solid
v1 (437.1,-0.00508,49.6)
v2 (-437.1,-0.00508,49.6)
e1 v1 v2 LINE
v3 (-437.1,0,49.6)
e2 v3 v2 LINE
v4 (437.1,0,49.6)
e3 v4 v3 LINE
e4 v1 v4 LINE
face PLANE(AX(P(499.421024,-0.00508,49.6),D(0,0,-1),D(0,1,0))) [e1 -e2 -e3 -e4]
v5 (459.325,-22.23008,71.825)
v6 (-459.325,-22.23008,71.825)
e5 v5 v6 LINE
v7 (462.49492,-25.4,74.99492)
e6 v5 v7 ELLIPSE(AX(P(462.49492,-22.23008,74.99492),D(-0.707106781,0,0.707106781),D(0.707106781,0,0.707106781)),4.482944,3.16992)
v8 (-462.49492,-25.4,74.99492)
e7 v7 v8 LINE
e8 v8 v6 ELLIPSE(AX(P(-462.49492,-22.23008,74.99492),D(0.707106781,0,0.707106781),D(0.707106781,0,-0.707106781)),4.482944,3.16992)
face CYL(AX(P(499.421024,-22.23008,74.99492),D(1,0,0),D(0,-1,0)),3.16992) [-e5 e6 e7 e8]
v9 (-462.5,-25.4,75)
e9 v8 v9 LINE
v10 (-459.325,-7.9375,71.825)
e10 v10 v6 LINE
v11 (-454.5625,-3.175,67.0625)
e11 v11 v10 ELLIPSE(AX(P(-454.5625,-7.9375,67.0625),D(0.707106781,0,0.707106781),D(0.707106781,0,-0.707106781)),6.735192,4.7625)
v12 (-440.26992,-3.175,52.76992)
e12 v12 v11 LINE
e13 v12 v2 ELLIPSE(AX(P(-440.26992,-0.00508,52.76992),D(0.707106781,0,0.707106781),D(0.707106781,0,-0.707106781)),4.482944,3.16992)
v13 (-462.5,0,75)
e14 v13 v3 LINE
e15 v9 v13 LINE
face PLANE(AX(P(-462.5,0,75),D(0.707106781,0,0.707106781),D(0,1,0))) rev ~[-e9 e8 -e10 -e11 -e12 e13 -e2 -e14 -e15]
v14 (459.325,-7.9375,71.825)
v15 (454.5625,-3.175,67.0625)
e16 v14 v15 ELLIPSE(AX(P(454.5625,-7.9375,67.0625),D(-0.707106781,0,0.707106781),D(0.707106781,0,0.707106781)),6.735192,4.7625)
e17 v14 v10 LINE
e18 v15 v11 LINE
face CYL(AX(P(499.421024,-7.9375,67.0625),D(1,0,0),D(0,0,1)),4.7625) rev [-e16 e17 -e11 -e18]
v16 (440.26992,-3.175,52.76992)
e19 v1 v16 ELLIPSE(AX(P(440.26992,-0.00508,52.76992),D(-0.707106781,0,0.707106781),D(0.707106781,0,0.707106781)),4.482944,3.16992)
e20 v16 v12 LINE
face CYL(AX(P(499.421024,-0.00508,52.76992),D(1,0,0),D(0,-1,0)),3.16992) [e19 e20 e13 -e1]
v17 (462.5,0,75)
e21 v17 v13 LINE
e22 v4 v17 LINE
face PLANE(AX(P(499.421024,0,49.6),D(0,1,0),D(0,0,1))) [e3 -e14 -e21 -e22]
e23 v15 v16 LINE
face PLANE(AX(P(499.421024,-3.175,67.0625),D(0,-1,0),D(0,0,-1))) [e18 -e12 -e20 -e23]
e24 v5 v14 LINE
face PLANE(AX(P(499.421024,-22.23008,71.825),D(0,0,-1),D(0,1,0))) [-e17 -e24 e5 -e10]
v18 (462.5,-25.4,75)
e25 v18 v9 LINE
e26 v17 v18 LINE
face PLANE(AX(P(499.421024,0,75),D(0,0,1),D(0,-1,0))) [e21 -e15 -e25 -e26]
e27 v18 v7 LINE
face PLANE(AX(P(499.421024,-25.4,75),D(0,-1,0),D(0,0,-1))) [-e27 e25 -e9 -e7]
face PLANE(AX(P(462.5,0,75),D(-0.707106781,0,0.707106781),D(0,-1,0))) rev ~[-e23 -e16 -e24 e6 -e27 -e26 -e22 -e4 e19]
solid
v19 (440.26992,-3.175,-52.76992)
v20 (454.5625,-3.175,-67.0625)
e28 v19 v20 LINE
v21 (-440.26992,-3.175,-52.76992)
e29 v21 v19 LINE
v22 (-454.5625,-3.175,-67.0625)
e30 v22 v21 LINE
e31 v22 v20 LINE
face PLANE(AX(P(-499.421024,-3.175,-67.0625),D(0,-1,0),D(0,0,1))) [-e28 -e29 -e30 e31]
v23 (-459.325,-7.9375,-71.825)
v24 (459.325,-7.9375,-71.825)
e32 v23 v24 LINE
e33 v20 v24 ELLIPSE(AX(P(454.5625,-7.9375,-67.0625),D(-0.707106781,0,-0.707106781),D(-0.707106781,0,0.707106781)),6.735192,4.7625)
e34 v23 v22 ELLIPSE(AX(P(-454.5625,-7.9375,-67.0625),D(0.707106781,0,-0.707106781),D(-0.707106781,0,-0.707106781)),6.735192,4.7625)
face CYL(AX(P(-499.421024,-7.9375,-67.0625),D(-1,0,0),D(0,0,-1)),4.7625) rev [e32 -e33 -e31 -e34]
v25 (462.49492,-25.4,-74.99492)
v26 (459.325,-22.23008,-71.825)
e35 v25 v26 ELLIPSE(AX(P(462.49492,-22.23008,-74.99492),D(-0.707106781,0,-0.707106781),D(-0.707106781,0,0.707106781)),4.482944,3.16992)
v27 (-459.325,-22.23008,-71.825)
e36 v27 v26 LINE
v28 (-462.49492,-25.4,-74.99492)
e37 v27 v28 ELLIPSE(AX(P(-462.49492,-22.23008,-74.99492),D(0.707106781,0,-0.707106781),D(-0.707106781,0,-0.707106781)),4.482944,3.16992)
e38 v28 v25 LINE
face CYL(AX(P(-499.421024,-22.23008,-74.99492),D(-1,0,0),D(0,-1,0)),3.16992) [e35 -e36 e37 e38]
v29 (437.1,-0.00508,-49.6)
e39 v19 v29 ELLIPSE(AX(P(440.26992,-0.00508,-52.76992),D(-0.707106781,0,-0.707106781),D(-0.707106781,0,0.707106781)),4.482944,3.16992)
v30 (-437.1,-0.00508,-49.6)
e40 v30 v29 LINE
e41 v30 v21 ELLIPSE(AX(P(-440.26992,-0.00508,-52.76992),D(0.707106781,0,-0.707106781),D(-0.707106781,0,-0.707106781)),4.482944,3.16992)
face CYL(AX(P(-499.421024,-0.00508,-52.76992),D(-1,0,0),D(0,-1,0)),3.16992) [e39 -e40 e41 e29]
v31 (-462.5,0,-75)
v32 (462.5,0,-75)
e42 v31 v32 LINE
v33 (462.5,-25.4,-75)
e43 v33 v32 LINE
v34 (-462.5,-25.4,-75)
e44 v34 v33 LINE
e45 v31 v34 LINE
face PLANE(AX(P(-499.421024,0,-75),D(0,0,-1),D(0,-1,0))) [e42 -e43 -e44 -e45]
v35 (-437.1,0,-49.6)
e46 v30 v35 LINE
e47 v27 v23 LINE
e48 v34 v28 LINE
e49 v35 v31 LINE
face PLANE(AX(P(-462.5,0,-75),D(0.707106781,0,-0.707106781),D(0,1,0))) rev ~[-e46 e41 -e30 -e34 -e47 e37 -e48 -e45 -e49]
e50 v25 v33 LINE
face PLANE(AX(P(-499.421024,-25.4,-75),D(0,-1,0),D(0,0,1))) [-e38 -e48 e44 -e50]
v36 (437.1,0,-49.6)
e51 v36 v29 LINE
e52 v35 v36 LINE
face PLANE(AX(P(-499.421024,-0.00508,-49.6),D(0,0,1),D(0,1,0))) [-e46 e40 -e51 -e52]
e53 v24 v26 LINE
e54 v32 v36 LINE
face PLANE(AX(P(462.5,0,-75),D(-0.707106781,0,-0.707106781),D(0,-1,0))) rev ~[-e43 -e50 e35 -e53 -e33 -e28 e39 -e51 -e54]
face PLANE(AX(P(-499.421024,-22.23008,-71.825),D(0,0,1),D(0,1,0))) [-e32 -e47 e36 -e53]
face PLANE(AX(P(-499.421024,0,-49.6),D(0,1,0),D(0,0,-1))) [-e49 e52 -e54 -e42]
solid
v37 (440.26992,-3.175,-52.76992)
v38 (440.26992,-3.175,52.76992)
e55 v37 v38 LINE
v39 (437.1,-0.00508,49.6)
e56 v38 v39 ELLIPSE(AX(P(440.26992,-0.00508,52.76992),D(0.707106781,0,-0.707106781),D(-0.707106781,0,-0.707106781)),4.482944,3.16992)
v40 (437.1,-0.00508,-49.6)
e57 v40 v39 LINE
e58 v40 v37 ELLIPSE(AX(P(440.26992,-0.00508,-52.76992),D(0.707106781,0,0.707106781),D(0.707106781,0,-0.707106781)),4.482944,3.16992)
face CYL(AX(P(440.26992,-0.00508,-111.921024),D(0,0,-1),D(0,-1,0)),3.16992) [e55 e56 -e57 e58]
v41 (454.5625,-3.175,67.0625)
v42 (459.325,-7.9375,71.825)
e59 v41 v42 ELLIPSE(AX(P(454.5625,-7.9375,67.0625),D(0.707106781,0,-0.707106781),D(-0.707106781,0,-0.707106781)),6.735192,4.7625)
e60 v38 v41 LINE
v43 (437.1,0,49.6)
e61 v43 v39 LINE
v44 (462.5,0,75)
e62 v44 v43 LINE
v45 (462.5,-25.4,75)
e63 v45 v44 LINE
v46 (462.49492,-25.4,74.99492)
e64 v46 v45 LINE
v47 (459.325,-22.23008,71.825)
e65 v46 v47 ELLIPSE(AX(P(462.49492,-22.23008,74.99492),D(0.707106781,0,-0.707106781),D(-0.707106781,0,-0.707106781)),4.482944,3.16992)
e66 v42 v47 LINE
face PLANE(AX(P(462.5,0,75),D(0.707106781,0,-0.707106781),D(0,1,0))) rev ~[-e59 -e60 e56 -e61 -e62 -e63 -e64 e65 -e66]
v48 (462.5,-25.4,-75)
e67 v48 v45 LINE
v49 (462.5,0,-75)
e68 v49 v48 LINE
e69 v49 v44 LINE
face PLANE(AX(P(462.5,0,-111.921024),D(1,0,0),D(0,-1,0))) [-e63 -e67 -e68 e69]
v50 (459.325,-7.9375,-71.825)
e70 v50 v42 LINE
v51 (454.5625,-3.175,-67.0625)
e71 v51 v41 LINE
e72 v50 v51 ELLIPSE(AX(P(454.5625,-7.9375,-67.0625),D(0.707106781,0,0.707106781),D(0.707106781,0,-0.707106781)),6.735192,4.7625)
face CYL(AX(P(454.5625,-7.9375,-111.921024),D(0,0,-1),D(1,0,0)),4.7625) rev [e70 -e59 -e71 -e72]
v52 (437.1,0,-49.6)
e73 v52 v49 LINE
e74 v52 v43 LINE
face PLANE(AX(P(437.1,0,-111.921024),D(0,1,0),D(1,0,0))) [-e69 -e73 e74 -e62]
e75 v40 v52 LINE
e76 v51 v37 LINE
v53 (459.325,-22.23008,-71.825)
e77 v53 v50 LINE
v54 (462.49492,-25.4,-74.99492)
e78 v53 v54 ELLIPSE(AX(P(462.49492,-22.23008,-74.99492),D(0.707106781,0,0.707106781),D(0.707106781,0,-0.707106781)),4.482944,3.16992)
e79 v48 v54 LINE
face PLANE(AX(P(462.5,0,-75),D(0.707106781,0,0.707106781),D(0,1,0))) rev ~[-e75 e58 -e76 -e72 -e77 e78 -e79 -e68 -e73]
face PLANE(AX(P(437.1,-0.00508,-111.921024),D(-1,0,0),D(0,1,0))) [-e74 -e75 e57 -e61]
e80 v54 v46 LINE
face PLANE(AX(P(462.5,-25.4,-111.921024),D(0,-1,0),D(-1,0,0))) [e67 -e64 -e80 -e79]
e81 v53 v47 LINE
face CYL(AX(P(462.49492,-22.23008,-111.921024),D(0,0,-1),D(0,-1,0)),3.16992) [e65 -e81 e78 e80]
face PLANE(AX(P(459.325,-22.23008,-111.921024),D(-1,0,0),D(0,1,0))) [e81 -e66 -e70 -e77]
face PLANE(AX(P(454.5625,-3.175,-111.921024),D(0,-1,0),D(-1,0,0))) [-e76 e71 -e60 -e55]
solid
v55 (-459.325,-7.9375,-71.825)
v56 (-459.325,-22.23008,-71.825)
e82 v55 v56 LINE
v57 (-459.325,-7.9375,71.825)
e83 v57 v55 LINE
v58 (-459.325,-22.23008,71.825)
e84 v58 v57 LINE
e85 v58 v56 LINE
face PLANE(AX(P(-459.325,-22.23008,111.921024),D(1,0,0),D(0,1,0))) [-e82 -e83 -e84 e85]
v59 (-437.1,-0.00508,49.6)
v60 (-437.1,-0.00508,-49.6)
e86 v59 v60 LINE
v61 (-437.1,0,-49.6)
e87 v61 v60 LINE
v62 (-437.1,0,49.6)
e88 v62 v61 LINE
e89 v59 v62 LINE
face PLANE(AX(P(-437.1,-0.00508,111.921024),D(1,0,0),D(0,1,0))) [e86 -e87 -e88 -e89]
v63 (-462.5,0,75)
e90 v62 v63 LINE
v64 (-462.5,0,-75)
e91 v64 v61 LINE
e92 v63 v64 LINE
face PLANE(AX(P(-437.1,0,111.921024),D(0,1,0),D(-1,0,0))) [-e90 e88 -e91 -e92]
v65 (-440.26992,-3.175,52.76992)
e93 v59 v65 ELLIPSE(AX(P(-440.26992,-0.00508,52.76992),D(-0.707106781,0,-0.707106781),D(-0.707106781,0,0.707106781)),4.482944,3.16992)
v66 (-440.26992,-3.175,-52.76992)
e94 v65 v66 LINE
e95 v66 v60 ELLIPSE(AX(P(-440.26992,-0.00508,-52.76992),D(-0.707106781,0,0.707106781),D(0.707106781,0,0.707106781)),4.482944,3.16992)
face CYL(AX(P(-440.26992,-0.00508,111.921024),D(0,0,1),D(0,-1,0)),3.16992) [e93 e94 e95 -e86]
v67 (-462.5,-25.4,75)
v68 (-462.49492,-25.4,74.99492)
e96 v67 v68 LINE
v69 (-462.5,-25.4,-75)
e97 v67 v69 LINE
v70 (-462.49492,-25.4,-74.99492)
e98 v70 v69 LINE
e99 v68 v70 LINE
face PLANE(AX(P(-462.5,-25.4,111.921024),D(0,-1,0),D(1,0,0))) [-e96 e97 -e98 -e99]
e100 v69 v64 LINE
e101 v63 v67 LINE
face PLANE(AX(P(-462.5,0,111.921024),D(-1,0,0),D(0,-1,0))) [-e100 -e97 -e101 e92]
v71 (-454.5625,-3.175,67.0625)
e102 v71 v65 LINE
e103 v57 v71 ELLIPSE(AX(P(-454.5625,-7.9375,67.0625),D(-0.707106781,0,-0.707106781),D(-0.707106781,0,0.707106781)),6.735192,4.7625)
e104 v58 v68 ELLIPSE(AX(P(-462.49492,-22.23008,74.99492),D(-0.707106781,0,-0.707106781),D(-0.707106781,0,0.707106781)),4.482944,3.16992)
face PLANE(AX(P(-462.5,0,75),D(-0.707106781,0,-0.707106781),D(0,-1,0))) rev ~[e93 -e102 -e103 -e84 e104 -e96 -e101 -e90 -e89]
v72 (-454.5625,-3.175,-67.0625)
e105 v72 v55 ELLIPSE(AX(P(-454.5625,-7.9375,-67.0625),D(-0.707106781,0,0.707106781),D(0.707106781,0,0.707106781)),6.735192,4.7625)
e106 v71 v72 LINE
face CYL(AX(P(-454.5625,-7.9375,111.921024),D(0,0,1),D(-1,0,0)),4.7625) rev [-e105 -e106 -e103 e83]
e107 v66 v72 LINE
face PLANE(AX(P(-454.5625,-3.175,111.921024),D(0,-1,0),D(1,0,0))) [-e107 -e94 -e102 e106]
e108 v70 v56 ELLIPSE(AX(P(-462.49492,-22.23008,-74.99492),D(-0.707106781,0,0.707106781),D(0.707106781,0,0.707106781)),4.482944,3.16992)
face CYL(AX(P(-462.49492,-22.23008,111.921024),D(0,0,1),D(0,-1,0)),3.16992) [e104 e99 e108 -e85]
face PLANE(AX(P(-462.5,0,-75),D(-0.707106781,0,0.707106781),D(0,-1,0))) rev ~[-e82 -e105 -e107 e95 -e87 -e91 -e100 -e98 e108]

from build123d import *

# Parameters (mm, degrees)
HIERRO_ANGULAR_1_X_1_X_0_125_1_DEPTH      = 961.921024484
HIERRO_ANGULAR_1_X_1_X_0_125_1_DEPTH_BACK = 36.921024484
HIERRO_ANGULAR_1_X_1_X_0_125_1_2_DEPTH    = 223.842048969
HIERRO_ANGULAR_1_X_1_X_0_125_1_3_DEPTH    = 998.842048969
HIERRO_ANGULAR_1_X_1_X_0_125_1_4_DEPTH    = 223.842048969


with BuildPart() as part:
    # Sketch11 → Hierro angular 1 X 1 X 0.125(1) (new, two sides: drawn at the far end of the back side and taken through both)
    with BuildSketch(Plane(origin=(462.5, 0, 75), x_dir=(0, 0, -1), z_dir=(-1, 0, 0)).offset(-HIERRO_ANGULAR_1_X_1_X_0_125_1_DEPTH_BACK)):
        with BuildLine():
            Line((0, 0), (0, 25.4))
            Line((0, 25.4), (0.00508, 25.4))
            ThreePointArc((0.00508, 25.4), (2.246551928, 24.471551928), (3.175, 22.23008))
            Line((3.175, 22.23008), (3.175, 7.9375))
            ThreePointArc((3.175, 7.9375), (4.569903955, 4.569903955), (7.9375, 3.175))
            Line((7.9375, 3.175), (22.23008, 3.175))
            ThreePointArc((22.23008, 3.175), (24.471551928, 2.246551928), (25.4, 0.00508))
            Line((25.4, 0.00508), (25.4, 0))
            Line((25.4, 0), (0, 0))
        make_face()
    extrude(amount=HIERRO_ANGULAR_1_X_1_X_0_125_1_DEPTH + HIERRO_ANGULAR_1_X_1_X_0_125_1_DEPTH_BACK)

    # Hierro angular 1 X 1 X 0.125(1) mitre 1
    split(bisect_by=Plane(origin=(462.5, 0, 75), x_dir=(0, -1, 0), z_dir=(-0.707106781, 0, 0.707106781)), keep=Keep.TOP)

    # Hierro angular 1 X 1 X 0.125(1) mitre 2
    split(bisect_by=Plane(origin=(-462.5, 0, 75), x_dir=(0, 1, 0), z_dir=(0.707106781, 0, 0.707106781)), keep=Keep.TOP)


with BuildPart() as body_2:
    # Sketch11 on segment 2 (carried to segment 2) → Hierro angular 1 X 1 X 0.125_1 2 (new body)
    with BuildSketch(Plane(origin=(-462.5, 0, 111.921024484), x_dir=(1, 0, 0), z_dir=(0, 0, -1))):
        with BuildLine():
            Line((0, 0), (0, 25.4))
            Line((0, 25.4), (0.00508, 25.4))
            ThreePointArc((0.00508, 25.4), (2.246551928, 24.471551928), (3.175, 22.23008))
            Line((3.175, 22.23008), (3.175, 7.9375))
            ThreePointArc((3.175, 7.9375), (4.569903955, 4.569903955), (7.9375, 3.175))
            Line((7.9375, 3.175), (22.23008, 3.175))
            ThreePointArc((22.23008, 3.175), (24.471551928, 2.246551928), (25.4, 0.00508))
            Line((25.4, 0.00508), (25.4, 0))
            Line((25.4, 0), (0, 0))
        make_face()
    extrude(amount=HIERRO_ANGULAR_1_X_1_X_0_125_1_2_DEPTH)

    # Hierro angular 1 X 1 X 0.125_1 2 mitre 1
    split(bisect_by=Plane(origin=(-462.5, 0, 75), x_dir=(0, -1, 0), z_dir=(-0.707106781, 0, -0.707106781)), keep=Keep.TOP)

    # Hierro angular 1 X 1 X 0.125_1 2 mitre 2
    split(bisect_by=Plane(origin=(-462.5, 0, -75), x_dir=(0, -1, 0), z_dir=(-0.707106781, 0, 0.707106781)), keep=Keep.TOP)


with BuildPart() as body_3:
    # Sketch11 on segment 3 (carried to segment 3) → Hierro angular 1 X 1 X 0.125_1 3 (new body)
    with BuildSketch(Plane(origin=(-499.421024484, 0, -75), x_dir=(0, 0, 1), z_dir=(1, 0, 0))):
        with BuildLine():
            Line((0, 0), (0, 25.4))
            Line((0, 25.4), (0.00508, 25.4))
            ThreePointArc((0.00508, 25.4), (2.246551928, 24.471551928), (3.175, 22.23008))
            Line((3.175, 22.23008), (3.175, 7.9375))
            ThreePointArc((3.175, 7.9375), (4.569903955, 4.569903955), (7.9375, 3.175))
            Line((7.9375, 3.175), (22.23008, 3.175))
            ThreePointArc((22.23008, 3.175), (24.471551928, 2.246551928), (25.4, 0.00508))
            Line((25.4, 0.00508), (25.4, 0))
            Line((25.4, 0), (0, 0))
        make_face()
    extrude(amount=HIERRO_ANGULAR_1_X_1_X_0_125_1_3_DEPTH)

    # Hierro angular 1 X 1 X 0.125_1 3 mitre 1
    split(bisect_by=Plane(origin=(462.5, 0, -75), x_dir=(0, -1, 0), z_dir=(-0.707106781, 0, -0.707106781)), keep=Keep.TOP)

    # Hierro angular 1 X 1 X 0.125_1 3 mitre 2
    split(bisect_by=Plane(origin=(-462.5, 0, -75), x_dir=(0, 1, 0), z_dir=(0.707106781, 0, -0.707106781)), keep=Keep.TOP)


with BuildPart() as body_4:
    # Sketch11 on segment 4 (carried to segment 4) → Hierro angular 1 X 1 X 0.125_1 4 (new body)
    with BuildSketch(Plane(origin=(462.5, 0, -111.921024484), x_dir=(-1, 0, 0), z_dir=(0, 0, 1))):
        with BuildLine():
            Line((0, 0), (0, 25.4))
            Line((0, 25.4), (0.00508, 25.4))
            ThreePointArc((0.00508, 25.4), (2.246551928, 24.471551928), (3.175, 22.23008))
            Line((3.175, 22.23008), (3.175, 7.9375))
            ThreePointArc((3.175, 7.9375), (4.569903955, 4.569903955), (7.9375, 3.175))
            Line((7.9375, 3.175), (22.23008, 3.175))
            ThreePointArc((22.23008, 3.175), (24.471551928, 2.246551928), (25.4, 0.00508))
            Line((25.4, 0.00508), (25.4, 0))
            Line((25.4, 0), (0, 0))
        make_face()
    extrude(amount=HIERRO_ANGULAR_1_X_1_X_0_125_1_4_DEPTH)

    # Hierro angular 1 X 1 X 0.125_1 4 mitre 1
    split(bisect_by=Plane(origin=(462.5, 0, 75), x_dir=(0, 1, 0), z_dir=(0.707106781, 0, -0.707106781)), keep=Keep.TOP)

    # Hierro angular 1 X 1 X 0.125_1 4 mitre 2
    split(bisect_by=Plane(origin=(462.5, 0, -75), x_dir=(0, 1, 0), z_dir=(0.707106781, 0, 0.707106781)), keep=Keep.TOP)


solid = Compound([part.part, body_2.part, body_3.part, body_4.part])
